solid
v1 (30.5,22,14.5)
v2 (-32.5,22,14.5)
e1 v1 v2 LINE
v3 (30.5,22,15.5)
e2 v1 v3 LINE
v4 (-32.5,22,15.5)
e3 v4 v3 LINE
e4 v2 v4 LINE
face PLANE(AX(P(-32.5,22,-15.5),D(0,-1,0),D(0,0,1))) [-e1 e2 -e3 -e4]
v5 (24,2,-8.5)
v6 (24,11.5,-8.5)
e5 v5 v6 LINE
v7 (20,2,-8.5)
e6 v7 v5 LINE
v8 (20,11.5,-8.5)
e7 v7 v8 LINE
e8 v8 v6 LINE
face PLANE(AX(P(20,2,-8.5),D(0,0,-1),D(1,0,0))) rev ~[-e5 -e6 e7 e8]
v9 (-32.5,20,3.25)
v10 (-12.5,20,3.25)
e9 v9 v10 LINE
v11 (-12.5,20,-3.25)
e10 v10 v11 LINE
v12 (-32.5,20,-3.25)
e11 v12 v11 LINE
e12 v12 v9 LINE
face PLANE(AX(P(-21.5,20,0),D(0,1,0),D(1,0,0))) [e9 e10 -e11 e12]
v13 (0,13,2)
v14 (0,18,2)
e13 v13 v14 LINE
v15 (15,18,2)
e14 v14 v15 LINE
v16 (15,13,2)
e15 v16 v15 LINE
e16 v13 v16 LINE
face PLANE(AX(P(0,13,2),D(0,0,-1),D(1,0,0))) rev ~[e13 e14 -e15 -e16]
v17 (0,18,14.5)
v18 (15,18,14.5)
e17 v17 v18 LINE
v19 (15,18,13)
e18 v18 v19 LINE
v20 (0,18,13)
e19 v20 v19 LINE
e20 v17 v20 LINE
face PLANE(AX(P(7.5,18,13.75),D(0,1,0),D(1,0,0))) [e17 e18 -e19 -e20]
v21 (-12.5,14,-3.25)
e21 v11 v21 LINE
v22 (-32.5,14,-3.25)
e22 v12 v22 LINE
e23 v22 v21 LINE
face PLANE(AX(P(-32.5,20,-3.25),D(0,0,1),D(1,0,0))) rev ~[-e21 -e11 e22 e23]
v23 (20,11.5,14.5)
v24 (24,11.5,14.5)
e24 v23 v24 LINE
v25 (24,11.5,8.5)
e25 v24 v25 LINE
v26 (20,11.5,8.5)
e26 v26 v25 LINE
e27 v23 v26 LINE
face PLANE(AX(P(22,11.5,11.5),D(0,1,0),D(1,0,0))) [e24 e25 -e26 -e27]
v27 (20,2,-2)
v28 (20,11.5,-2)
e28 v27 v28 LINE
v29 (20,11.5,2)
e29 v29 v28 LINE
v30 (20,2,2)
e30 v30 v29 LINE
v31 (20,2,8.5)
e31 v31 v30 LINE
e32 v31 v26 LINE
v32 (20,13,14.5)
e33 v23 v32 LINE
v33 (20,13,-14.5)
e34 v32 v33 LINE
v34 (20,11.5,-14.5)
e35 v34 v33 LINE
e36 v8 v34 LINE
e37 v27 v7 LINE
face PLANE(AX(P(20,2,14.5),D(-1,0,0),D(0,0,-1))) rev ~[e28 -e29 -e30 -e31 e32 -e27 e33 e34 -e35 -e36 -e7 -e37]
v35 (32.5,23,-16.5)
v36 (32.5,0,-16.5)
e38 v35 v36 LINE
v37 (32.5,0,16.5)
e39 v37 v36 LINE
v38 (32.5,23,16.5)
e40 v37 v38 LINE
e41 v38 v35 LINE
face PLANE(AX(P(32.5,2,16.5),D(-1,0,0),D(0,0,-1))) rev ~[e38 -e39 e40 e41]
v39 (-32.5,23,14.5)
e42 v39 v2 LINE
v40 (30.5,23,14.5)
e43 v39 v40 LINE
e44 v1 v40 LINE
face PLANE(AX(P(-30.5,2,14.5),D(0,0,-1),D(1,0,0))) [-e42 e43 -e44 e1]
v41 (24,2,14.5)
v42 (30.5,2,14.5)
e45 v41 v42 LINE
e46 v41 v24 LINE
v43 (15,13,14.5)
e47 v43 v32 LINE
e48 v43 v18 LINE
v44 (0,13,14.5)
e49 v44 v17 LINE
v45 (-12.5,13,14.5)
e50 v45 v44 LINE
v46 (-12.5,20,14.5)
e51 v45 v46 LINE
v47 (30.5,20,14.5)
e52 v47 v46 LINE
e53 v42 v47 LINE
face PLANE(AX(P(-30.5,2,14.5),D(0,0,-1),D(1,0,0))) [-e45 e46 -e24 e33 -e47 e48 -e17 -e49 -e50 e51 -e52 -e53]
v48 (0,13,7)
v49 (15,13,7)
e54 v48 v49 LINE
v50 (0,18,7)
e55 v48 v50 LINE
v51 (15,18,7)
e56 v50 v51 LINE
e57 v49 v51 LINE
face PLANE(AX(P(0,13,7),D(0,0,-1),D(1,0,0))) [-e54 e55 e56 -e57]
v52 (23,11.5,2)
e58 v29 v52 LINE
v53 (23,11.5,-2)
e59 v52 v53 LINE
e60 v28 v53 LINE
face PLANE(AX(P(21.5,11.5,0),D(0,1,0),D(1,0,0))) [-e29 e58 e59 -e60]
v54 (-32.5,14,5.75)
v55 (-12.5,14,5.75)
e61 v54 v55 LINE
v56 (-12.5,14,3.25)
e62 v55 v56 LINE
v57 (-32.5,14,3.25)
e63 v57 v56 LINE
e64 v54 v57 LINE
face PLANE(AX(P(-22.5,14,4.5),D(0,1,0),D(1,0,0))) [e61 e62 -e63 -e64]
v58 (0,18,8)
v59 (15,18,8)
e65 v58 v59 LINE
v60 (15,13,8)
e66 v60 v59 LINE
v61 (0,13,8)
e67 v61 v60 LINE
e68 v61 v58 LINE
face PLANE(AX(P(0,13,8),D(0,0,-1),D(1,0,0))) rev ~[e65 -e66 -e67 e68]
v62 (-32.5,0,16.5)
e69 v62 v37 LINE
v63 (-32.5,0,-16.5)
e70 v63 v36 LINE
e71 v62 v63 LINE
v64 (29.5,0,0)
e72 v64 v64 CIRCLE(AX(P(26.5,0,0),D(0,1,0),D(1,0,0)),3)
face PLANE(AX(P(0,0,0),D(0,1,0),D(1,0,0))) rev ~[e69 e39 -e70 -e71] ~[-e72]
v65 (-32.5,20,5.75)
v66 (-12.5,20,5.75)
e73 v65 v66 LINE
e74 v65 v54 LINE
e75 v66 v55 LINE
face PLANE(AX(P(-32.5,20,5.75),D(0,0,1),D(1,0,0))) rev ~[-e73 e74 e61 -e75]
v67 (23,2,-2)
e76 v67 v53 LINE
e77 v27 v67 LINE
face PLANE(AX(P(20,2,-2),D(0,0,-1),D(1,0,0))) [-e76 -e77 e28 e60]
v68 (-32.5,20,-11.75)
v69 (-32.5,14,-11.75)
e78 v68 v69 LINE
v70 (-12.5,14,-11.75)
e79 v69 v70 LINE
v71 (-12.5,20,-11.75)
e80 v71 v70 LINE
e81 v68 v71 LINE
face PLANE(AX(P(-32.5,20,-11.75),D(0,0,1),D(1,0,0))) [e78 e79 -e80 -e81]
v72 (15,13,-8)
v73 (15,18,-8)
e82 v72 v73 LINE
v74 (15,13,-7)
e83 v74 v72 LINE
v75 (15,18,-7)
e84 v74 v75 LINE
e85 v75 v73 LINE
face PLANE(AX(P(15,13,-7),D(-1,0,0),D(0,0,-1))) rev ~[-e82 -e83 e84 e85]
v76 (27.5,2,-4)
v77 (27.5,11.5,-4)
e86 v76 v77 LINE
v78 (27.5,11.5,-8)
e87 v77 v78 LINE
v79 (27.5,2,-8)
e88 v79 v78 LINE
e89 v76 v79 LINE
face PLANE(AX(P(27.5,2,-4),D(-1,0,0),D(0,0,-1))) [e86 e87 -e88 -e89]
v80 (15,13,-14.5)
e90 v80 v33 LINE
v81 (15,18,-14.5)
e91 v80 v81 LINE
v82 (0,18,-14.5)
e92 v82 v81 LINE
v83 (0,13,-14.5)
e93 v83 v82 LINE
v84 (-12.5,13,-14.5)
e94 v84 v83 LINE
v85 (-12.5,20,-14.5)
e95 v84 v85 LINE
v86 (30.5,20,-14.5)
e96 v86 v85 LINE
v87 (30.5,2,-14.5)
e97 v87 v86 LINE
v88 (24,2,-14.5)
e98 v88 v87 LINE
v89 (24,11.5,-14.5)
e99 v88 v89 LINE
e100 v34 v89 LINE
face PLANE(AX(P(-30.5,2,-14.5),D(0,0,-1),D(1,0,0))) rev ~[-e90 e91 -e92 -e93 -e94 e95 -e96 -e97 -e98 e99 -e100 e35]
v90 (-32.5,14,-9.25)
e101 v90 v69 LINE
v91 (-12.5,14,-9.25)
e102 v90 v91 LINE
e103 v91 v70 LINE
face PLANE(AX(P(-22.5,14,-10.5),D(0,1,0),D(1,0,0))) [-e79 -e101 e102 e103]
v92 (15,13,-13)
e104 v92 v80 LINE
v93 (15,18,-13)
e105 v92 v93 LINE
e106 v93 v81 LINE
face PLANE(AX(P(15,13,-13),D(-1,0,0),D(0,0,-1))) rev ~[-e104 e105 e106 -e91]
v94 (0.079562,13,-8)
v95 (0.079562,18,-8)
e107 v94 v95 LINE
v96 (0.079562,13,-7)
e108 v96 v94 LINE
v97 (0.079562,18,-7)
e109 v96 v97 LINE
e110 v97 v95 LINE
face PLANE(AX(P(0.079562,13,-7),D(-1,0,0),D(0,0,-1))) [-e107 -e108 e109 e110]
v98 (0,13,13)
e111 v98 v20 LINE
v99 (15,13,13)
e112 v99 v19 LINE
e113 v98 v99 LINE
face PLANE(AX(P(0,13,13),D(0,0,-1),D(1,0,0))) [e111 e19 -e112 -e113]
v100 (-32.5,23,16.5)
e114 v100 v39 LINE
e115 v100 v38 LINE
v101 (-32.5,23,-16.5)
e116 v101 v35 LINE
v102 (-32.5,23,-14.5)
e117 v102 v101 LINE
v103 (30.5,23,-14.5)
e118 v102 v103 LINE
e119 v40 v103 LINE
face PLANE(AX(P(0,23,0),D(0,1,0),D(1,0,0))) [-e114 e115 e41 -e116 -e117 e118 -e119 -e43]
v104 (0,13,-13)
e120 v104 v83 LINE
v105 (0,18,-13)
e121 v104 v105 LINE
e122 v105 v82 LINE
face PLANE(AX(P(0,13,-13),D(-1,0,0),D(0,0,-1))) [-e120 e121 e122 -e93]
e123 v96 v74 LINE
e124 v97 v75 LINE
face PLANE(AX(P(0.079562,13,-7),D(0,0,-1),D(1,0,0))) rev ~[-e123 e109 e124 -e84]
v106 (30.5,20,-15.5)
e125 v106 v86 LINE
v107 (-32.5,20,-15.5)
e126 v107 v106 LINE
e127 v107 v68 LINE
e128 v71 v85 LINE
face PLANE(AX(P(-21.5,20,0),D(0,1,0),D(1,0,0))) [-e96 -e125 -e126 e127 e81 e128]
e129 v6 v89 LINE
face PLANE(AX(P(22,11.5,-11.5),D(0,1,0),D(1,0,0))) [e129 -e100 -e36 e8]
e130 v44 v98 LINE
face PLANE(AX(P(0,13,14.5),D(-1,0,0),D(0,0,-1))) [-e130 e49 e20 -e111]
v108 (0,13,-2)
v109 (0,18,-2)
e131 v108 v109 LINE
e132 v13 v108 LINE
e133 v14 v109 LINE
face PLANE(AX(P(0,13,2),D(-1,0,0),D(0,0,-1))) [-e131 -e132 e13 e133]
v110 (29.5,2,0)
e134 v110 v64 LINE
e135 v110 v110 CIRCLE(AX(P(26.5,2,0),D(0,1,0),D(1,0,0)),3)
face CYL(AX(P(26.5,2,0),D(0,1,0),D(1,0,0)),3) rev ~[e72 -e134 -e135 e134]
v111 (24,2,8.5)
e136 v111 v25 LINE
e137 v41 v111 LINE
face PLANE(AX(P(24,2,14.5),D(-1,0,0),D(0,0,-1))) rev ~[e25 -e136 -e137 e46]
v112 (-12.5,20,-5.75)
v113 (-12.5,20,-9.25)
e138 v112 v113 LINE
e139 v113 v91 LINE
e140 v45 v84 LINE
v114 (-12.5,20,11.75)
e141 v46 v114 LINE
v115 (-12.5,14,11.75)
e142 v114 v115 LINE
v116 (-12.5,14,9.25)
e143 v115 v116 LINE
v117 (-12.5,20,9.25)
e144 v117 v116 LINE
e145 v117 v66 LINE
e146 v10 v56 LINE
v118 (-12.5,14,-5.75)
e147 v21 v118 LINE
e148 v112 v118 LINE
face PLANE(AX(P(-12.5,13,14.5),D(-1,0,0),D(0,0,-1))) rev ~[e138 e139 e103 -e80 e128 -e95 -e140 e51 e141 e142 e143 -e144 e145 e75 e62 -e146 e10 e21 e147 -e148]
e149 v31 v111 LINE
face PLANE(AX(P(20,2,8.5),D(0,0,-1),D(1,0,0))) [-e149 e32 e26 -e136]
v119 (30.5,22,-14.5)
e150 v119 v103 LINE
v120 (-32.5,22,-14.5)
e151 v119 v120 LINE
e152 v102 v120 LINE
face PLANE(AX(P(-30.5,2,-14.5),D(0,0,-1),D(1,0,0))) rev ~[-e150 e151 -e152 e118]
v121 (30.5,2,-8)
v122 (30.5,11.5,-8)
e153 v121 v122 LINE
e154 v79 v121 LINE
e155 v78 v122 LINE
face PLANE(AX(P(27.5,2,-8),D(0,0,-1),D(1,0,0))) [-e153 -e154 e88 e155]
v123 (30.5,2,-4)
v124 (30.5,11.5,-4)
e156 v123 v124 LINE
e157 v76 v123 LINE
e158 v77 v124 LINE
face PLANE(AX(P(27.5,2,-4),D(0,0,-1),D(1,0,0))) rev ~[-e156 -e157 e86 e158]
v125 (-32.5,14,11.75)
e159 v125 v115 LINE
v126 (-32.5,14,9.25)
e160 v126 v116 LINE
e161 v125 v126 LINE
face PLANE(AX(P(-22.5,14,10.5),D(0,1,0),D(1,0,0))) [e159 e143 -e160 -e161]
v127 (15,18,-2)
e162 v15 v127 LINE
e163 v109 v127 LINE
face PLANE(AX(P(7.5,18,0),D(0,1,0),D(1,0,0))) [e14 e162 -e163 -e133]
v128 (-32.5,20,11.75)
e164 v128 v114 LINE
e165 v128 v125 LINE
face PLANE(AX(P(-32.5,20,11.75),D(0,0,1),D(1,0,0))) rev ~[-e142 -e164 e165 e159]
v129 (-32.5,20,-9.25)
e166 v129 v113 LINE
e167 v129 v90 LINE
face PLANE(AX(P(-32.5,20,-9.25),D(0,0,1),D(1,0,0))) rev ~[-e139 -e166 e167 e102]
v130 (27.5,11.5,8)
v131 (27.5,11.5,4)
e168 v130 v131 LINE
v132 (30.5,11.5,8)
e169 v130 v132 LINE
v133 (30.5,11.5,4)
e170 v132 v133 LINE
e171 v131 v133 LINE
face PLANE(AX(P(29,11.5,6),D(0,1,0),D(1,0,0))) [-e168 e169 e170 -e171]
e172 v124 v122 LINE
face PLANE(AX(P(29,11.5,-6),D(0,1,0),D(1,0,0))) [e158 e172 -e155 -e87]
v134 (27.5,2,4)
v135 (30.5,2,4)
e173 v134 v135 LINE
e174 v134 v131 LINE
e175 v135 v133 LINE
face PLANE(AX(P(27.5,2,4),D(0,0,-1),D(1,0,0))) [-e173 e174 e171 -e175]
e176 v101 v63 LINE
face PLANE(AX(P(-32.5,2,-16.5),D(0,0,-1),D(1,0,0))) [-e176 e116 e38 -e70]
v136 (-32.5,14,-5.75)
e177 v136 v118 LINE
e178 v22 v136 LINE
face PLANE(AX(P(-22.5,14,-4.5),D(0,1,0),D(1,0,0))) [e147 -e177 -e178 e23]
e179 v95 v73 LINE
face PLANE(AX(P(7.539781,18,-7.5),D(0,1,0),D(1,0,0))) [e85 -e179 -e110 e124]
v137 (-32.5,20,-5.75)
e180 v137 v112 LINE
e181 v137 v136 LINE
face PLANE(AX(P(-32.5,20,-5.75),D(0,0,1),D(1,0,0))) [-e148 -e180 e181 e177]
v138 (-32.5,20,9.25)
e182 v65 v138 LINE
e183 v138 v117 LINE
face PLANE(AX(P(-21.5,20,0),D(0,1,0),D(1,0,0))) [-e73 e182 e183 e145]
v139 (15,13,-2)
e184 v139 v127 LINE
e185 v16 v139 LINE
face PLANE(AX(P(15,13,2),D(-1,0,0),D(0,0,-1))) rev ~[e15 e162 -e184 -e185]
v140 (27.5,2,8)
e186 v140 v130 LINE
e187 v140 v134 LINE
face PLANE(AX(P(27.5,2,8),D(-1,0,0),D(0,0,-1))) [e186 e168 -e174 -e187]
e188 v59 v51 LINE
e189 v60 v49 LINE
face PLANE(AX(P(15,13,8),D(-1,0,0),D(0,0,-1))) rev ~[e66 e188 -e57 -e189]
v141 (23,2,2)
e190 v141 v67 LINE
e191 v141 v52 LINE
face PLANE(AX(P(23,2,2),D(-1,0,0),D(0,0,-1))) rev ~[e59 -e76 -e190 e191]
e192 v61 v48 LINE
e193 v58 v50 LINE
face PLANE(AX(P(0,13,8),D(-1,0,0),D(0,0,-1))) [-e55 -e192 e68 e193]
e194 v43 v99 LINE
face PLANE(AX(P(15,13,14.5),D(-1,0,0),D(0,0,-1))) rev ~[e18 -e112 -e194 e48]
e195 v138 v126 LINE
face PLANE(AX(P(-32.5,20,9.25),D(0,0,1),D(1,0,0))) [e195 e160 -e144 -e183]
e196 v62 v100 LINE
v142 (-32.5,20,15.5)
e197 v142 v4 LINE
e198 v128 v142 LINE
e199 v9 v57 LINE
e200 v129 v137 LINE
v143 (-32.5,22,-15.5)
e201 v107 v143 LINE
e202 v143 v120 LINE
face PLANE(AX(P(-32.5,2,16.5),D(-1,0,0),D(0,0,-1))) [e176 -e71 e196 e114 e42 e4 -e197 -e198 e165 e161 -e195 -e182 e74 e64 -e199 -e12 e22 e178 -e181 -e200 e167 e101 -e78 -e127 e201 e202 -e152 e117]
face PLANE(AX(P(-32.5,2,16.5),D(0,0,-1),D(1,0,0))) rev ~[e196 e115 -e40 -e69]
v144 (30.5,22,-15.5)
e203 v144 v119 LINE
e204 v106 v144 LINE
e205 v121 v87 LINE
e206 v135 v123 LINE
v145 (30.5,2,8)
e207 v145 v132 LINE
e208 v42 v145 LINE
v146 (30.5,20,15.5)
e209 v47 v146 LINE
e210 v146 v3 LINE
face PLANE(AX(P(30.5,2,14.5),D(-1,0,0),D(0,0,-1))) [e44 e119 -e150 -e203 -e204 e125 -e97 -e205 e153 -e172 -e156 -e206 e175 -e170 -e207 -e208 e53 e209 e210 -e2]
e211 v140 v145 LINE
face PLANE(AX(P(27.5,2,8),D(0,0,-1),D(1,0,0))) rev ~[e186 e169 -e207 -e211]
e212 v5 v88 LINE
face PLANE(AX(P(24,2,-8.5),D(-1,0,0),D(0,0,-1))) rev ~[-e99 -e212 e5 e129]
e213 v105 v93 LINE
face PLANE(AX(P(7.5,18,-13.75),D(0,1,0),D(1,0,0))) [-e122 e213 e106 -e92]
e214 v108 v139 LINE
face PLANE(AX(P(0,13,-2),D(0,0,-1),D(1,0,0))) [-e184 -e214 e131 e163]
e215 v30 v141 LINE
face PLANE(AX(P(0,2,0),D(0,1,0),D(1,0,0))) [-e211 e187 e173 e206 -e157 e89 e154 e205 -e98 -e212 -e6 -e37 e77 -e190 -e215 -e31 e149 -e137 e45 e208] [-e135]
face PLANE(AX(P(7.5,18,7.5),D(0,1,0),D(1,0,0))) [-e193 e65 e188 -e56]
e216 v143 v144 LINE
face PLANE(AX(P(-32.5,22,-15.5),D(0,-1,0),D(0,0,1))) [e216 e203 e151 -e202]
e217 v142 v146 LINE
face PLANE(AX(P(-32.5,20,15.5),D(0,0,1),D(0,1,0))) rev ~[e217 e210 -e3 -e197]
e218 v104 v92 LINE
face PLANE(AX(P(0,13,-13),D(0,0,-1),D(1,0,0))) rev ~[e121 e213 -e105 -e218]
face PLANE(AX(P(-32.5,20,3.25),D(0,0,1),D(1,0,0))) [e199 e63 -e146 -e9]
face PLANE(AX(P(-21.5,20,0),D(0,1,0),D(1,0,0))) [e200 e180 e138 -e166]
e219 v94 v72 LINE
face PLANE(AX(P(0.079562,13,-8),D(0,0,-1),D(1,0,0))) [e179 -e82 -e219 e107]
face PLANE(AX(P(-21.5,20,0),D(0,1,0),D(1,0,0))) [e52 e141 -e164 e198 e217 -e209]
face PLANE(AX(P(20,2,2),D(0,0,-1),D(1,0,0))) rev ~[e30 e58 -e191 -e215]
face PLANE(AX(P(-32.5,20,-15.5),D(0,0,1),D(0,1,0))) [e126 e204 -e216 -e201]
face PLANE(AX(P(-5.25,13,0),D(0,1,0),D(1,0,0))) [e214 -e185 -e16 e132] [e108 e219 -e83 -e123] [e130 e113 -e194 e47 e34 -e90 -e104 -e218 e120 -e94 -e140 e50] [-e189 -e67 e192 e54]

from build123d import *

# Parameters (mm, degrees)
SKETCH1_W            = 65
SKETCH1_H            = 33
BOSS_EXTRUDE1_DEPTH  = 2
SKETCH2_W            = 65
SKETCH2_H            = 33
SKETCH2_W_2          = 61
SKETCH2_H_2          = 29
BOSS_EXTRUDE2_DEPTH  = 21
SKETCH3_W            = 50.5
SKETCH3_H            = 29
BOSS_EXTRUDE3_DEPTH  = 11
SKETCH4_R            = 3
CUT_EXTRUDE1_DEPTH   = 2
SKETCH5_W            = 4
SKETCH5_H            = 6
BOSS_EXTRUDE4_DEPTH  = 9.5
SKETCH6_W            = 4
SKETCH6_H            = 6
BOSS_EXTRUDE5_DEPTH  = 9.5
SKETCH7_W            = 3
SKETCH7_H            = 4
BOSS_EXTRUDE8_DEPTH  = 9.5
SKETCH9_W            = 3
SKETCH9_H            = 4
BOSS_EXTRUDE9_DEPTH  = 9.5
SKETCH10_W           = 3
SKETCH10_H           = 4
BOSS_EXTRUDE10_DEPTH = 9.5
SKETCH11_W           = 2
SKETCH11_H           = 29
CUT_EXTRUDE2_DEPTH   = 3
SKETCH13_W           = 31
SKETCH13_H           = 2
CUT_EXTRUDE3_DEPTH   = 63
SKETCH14_W           = 15
SKETCH14_H           = 1.5
BOSS_EXTRUDE11_DEPTH = 5
SKETCH15_W           = 15
SKETCH15_H           = 1.5
BOSS_EXTRUDE12_DEPTH = 5
SKETCH16_W           = 14.920438195
SKETCH16_H           = 1
BOSS_EXTRUDE13_DEPTH = 5
SKETCH17_W           = 15
SKETCH17_H           = 1
BOSS_EXTRUDE14_DEPTH = 5
SKETCH18_W           = 15
SKETCH18_H           = 4
BOSS_EXTRUDE15_DEPTH = 5
SKETCH19_W           = 18
SKETCH19_H           = 29
BOSS_EXTRUDE16_DEPTH = 7
SKETCH20_W           = 20
SKETCH20_H           = 2.5
CUT_EXTRUDE4_DEPTH   = 6
SKETCH21_W           = 20
SKETCH21_H           = 2.5
CUT_EXTRUDE5_DEPTH   = 6
SKETCH22_W           = 20
SKETCH22_H           = 2.5
CUT_EXTRUDE6_DEPTH   = 6
SKETCH23_W           = 20
SKETCH23_H           = 2.5
CUT_EXTRUDE7_DEPTH   = 6


with BuildPart() as part:
    # Sketch1 → Boss-Extrude1 (new body)
    with BuildSketch(Plane(origin=(0, 0, 0), x_dir=(1, 0, 0), z_dir=(0, 1, 0))):
        Rectangle(SKETCH1_W, SKETCH1_H)
    extrude(amount=BOSS_EXTRUDE1_DEPTH)

    # Sketch2 → Boss-Extrude2 (add)
    with BuildSketch(Plane(origin=(0, 2, 0), x_dir=(1, 0, 0), z_dir=(0, 1, 0))):
        Rectangle(SKETCH2_W, SKETCH2_H)
        Rectangle(SKETCH2_W_2, SKETCH2_H_2, mode=Mode.SUBTRACT)
    extrude(amount=BOSS_EXTRUDE2_DEPTH)

    # Sketch3 → Boss-Extrude3 (add)
    with BuildSketch(Plane(origin=(0, 2, 0), x_dir=(1, 0, 0), z_dir=(0, 1, 0))):
        with Locations((-5.25, 0)):
            Rectangle(SKETCH3_W, SKETCH3_H)
    extrude(amount=BOSS_EXTRUDE3_DEPTH)

    # Sketch4 → Cut-Extrude1 (cut)
    with BuildSketch(Plane(origin=(0, 2, 0), x_dir=(1, 0, 0), z_dir=(0, 1, 0))):
        with Locations((26.5, 0)):
            Circle(SKETCH4_R)
    extrude(amount=-CUT_EXTRUDE1_DEPTH, mode=Mode.SUBTRACT)

    # Sketch5 → Boss-Extrude4 (add)
    with BuildSketch(Plane(origin=(0, 2, 0), x_dir=(1, 0, 0), z_dir=(0, 1, 0))):
        with Locations((22, 11.5)):
            Rectangle(SKETCH5_W, SKETCH5_H)
    extrude(amount=BOSS_EXTRUDE4_DEPTH)

    # Sketch6 → Boss-Extrude5 (add)
    with BuildSketch(Plane(origin=(0, 2, 0), x_dir=(1, 0, 0), z_dir=(0, 1, 0))):
        with Locations((22, -11.5)):
            Rectangle(SKETCH6_W, SKETCH6_H)
    extrude(amount=BOSS_EXTRUDE5_DEPTH)

    # Sketch7 → Boss-Extrude8 (add)
    with BuildSketch(Plane(origin=(0, 2, 0), x_dir=(1, 0, 0), z_dir=(0, 1, 0))):
        with Locations((29, 6)):
            Rectangle(SKETCH7_W, SKETCH7_H)
    extrude(amount=BOSS_EXTRUDE8_DEPTH)

    # Sketch9 → Boss-Extrude9 (add)
    with BuildSketch(Plane(origin=(0, 2, 0), x_dir=(1, 0, 0), z_dir=(0, 1, 0))):
        with Locations((29, -6)):
            Rectangle(SKETCH9_W, SKETCH9_H)
    extrude(amount=BOSS_EXTRUDE9_DEPTH)

    # Sketch10 → Boss-Extrude10 (add)
    with BuildSketch(Plane(origin=(0, 2, 0), x_dir=(1, 0, 0), z_dir=(0, 1, 0))):
        with Locations((21.5, 0)):
            Rectangle(SKETCH10_W, SKETCH10_H)
    extrude(amount=BOSS_EXTRUDE10_DEPTH)

    # Sketch11 → Cut-Extrude2 (cut)
    with BuildSketch(Plane(origin=(0, 23, 0), x_dir=(1, 0, 0), z_dir=(0, 1, 0))):
        with Locations((-31.5, 0)):
            Rectangle(SKETCH11_W, SKETCH11_H)
    extrude(amount=-CUT_EXTRUDE2_DEPTH, mode=Mode.SUBTRACT)

    # Sketch13 → Cut-Extrude3 (cut)
    with BuildSketch(Plane.ZY.offset(32.5)):
        with Locations((0, 21)):
            Rectangle(SKETCH13_W, SKETCH13_H)
    extrude(amount=-CUT_EXTRUDE3_DEPTH, mode=Mode.SUBTRACT)

    # Sketch14 → Boss-Extrude11 (add)
    with BuildSketch(Plane(origin=(0, 13, 0), x_dir=(1, 0, 0), z_dir=(0, 1, 0))):
        with Locations((7.5, 13.75)):
            Rectangle(SKETCH14_W, SKETCH14_H)
    extrude(amount=BOSS_EXTRUDE11_DEPTH)

    # Sketch15 → Boss-Extrude12 (add)
    with BuildSketch(Plane(origin=(0, 13, 0), x_dir=(1, 0, 0), z_dir=(0, 1, 0))):
        with Locations((7.5, -13.75)):
            Rectangle(SKETCH15_W, SKETCH15_H)
    extrude(amount=BOSS_EXTRUDE12_DEPTH)

    # Sketch16 → Boss-Extrude13 (add)
    with BuildSketch(Plane(origin=(0, 13, 0), x_dir=(1, 0, 0), z_dir=(0, 1, 0))):
        with Locations((7.539780903, 7.5)):
            Rectangle(SKETCH16_W, SKETCH16_H)
    extrude(amount=BOSS_EXTRUDE13_DEPTH)

    # Sketch17 → Boss-Extrude14 (add)
    with BuildSketch(Plane(origin=(0, 13, 0), x_dir=(1, 0, 0), z_dir=(0, 1, 0))):
        with Locations((7.5, -7.5)):
            Rectangle(SKETCH17_W, SKETCH17_H)
    extrude(amount=BOSS_EXTRUDE14_DEPTH)

    # Sketch18 → Boss-Extrude15 (add)
    with BuildSketch(Plane(origin=(0, 13, 0), x_dir=(1, 0, 0), z_dir=(0, 1, 0))):
        with Locations((7.5, 0)):
            Rectangle(SKETCH18_W, SKETCH18_H)
    extrude(amount=BOSS_EXTRUDE15_DEPTH)

    # Sketch19 → Boss-Extrude16 (add)
    with BuildSketch(Plane(origin=(0, 13, 0), x_dir=(1, 0, 0), z_dir=(0, 1, 0))):
        with Locations((-21.5, 0)):
            Rectangle(SKETCH19_W, SKETCH19_H)
    extrude(amount=BOSS_EXTRUDE16_DEPTH)

    # Sketch20 → Cut-Extrude4 (cut)
    with BuildSketch(Plane(origin=(0, 20, 0), x_dir=(1, 0, 0), z_dir=(0, 1, 0))):
        with Locations((-22.5, 10.5)):
            Rectangle(SKETCH20_W, SKETCH20_H)
    extrude(amount=-CUT_EXTRUDE4_DEPTH, mode=Mode.SUBTRACT)

    # Sketch21 → Cut-Extrude5 (cut)
    with BuildSketch(Plane(origin=(0, 20, 0), x_dir=(1, 0, 0), z_dir=(0, 1, 0))):
        with Locations((-22.5, -10.5)):
            Rectangle(SKETCH21_W, SKETCH21_H)
    extrude(amount=-CUT_EXTRUDE5_DEPTH, mode=Mode.SUBTRACT)

    # Sketch22 → Cut-Extrude6 (cut)
    with BuildSketch(Plane(origin=(0, 20, 0), x_dir=(1, 0, 0), z_dir=(0, 1, 0))):
        with Locations((-22.5, 4.5)):
            Rectangle(SKETCH22_W, SKETCH22_H)
    extrude(amount=-CUT_EXTRUDE6_DEPTH, mode=Mode.SUBTRACT)

    # Sketch23 → Cut-Extrude7 (cut)
    with BuildSketch(Plane(origin=(0, 20, 0), x_dir=(1, 0, 0), z_dir=(0, 1, 0))):
        with Locations((-22.5, -4.5)):
            Rectangle(SKETCH23_W, SKETCH23_H)
    extrude(amount=-CUT_EXTRUDE7_DEPTH, mode=Mode.SUBTRACT)


solid = part.part
